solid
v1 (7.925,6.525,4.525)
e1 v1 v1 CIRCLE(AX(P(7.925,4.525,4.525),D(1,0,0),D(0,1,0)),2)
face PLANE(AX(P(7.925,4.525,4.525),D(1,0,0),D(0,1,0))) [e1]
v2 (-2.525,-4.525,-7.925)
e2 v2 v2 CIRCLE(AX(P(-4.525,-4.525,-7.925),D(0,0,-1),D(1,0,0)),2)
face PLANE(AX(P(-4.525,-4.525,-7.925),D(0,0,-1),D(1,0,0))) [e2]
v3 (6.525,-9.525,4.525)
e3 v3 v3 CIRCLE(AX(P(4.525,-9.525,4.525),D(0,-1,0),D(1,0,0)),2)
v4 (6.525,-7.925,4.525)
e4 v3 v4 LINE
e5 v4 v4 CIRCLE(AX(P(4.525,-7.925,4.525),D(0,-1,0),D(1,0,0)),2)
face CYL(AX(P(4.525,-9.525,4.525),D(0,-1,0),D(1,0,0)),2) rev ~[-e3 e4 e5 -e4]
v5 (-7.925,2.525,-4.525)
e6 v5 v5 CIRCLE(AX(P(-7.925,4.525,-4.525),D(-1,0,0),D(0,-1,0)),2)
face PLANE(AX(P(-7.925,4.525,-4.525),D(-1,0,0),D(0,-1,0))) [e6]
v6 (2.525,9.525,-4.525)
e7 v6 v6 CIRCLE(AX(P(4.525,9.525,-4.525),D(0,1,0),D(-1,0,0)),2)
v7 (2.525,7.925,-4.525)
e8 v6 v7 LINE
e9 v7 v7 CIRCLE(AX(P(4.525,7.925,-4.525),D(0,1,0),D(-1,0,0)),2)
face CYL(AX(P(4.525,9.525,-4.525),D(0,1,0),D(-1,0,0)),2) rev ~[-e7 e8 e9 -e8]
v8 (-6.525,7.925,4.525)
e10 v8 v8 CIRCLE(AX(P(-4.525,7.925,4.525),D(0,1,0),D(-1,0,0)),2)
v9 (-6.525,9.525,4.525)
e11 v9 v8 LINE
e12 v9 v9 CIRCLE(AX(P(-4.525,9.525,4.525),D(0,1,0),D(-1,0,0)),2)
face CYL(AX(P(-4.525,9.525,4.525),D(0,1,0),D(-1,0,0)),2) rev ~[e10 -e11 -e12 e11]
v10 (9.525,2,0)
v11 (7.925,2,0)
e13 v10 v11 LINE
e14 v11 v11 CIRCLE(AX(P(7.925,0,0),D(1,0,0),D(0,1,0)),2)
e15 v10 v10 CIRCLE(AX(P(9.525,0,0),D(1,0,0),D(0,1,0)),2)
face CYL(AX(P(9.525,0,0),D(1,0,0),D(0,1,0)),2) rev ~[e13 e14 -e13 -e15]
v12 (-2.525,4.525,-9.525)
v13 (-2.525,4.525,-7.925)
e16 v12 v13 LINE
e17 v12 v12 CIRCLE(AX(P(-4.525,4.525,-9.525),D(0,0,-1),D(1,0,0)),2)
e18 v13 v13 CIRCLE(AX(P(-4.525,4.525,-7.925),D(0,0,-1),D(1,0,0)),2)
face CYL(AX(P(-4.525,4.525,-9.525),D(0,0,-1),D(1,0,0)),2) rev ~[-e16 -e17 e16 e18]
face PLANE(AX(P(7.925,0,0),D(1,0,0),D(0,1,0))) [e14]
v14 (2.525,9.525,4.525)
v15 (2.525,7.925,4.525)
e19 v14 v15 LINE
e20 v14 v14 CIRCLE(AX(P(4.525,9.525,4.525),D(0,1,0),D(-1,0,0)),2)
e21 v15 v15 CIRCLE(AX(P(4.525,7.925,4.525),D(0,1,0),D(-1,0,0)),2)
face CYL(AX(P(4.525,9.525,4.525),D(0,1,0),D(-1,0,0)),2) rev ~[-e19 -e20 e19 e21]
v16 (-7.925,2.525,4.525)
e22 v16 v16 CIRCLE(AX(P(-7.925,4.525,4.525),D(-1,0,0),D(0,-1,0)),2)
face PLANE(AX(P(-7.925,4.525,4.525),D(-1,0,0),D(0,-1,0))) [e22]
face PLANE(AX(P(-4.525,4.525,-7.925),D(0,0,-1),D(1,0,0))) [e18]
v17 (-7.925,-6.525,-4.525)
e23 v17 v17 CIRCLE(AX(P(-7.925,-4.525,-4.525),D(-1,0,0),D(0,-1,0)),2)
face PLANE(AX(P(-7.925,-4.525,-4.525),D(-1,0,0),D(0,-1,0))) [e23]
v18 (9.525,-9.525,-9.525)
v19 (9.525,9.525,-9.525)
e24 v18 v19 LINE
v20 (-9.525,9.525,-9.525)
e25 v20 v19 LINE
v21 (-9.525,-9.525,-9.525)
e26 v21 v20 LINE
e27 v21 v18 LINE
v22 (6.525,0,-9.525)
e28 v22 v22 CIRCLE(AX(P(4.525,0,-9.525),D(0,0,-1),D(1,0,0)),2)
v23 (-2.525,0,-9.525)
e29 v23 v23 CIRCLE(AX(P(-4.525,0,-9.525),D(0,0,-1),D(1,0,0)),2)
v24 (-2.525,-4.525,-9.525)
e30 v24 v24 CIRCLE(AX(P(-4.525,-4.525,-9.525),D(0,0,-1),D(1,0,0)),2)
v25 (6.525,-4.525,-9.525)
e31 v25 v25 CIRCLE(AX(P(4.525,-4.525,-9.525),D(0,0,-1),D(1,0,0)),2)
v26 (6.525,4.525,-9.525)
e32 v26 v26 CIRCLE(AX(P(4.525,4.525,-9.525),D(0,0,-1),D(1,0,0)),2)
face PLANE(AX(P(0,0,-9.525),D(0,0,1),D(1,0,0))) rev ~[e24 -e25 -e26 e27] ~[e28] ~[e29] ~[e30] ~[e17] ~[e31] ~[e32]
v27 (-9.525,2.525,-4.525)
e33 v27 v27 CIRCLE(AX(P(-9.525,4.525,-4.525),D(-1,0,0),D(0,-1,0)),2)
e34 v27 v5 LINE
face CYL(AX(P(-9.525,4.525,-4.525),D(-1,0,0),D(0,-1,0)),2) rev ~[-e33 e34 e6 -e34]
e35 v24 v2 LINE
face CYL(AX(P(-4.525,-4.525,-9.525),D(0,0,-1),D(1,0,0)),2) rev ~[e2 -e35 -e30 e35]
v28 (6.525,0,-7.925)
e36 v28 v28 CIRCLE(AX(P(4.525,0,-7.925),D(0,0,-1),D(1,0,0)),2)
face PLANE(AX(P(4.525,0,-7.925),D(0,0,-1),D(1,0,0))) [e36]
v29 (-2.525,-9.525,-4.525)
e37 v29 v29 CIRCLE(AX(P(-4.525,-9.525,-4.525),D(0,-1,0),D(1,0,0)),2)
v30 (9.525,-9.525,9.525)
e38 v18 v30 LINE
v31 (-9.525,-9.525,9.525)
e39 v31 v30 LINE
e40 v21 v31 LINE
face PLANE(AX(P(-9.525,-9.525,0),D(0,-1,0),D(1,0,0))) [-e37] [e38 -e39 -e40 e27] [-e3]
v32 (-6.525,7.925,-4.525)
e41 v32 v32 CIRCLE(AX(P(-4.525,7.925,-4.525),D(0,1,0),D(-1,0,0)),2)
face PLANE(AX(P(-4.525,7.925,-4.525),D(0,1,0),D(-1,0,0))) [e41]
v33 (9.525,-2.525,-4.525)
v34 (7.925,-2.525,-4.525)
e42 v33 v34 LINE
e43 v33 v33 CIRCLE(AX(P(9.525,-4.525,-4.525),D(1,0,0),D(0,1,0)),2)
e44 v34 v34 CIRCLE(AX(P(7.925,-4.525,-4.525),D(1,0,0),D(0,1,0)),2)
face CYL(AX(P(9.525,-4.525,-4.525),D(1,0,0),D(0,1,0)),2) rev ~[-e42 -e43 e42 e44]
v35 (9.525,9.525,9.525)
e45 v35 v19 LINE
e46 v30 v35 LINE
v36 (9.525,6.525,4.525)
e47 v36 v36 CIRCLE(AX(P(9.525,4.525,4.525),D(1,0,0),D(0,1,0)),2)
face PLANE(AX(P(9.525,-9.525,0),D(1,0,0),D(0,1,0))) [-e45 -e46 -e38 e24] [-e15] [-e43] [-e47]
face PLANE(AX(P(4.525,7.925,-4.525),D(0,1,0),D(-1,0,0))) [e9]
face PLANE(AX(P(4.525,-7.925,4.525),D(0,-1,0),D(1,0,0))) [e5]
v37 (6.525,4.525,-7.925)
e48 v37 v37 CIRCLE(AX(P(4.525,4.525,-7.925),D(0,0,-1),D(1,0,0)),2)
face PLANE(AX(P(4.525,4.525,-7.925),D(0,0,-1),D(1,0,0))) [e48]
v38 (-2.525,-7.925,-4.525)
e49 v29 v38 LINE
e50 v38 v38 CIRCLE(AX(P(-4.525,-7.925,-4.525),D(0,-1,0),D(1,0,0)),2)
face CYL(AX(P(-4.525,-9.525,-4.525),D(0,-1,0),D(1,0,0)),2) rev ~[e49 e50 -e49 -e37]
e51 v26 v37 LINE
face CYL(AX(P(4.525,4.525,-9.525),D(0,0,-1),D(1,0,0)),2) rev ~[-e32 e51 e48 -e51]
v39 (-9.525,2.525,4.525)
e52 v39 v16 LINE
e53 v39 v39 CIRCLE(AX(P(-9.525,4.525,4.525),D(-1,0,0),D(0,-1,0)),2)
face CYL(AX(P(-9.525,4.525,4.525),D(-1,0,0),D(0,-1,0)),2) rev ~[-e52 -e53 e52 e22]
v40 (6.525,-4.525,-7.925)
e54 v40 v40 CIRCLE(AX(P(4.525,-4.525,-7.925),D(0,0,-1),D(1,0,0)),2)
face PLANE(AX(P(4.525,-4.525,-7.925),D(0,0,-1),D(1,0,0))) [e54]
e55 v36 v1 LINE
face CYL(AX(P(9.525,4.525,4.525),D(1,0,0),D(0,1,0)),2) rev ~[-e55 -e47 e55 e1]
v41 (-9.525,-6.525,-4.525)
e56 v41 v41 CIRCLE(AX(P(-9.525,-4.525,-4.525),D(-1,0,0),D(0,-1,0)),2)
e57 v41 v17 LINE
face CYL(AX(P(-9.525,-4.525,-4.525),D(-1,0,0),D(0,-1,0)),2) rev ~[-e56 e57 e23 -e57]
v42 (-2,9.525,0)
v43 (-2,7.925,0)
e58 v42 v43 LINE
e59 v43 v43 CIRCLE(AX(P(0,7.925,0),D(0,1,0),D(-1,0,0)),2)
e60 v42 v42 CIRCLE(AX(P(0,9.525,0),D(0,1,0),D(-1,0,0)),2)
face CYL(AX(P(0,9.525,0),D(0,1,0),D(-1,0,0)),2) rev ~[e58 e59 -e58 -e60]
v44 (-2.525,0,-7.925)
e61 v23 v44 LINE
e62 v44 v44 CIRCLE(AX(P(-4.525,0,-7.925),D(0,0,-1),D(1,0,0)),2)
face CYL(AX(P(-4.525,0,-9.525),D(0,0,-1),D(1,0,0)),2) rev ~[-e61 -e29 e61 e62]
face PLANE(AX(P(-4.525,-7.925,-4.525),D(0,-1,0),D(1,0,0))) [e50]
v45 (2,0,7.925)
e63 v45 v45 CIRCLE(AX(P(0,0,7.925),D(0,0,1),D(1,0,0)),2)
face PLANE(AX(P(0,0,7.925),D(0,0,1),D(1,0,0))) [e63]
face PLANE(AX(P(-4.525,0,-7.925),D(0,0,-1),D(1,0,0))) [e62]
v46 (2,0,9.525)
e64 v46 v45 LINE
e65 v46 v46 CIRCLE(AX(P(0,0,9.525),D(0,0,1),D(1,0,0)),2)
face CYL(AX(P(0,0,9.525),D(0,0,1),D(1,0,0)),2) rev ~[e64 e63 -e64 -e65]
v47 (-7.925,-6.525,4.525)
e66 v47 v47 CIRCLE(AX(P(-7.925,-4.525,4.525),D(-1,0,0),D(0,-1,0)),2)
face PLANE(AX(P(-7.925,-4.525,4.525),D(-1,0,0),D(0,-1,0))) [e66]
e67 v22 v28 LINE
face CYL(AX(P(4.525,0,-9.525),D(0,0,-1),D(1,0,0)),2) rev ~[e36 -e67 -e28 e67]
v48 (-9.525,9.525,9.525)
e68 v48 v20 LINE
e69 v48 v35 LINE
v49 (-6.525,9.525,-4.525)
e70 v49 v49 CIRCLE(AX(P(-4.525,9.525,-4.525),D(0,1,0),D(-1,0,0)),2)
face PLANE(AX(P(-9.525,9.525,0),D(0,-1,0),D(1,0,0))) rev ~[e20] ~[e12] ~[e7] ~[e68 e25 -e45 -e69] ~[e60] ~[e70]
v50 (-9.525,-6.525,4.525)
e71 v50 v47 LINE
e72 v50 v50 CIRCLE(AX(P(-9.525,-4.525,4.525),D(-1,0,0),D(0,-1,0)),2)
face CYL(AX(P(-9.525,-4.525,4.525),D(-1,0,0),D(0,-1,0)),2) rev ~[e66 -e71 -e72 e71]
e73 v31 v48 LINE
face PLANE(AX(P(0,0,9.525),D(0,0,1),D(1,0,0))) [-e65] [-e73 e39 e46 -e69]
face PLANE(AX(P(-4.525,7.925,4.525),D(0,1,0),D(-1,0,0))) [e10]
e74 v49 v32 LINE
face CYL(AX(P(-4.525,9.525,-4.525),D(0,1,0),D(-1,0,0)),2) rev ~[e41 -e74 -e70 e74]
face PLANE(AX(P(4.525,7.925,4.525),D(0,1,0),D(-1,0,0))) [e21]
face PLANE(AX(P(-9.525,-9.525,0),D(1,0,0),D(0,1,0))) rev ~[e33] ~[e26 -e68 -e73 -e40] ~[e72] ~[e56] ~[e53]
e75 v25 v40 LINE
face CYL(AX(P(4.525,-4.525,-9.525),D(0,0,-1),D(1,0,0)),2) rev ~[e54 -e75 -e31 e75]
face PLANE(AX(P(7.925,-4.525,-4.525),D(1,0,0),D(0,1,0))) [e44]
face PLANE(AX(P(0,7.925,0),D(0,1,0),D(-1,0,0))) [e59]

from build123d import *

# Parameters (mm, degrees)
F0_W      = 19.05
F0_H      = 19.05
F1_DEPTH  = 9.525
F2_R      = 2
F3_DEPTH  = 1.6
F4_R      = 2
F5_DEPTH  = 1.6
F6_R      = 2
F7_DEPTH  = 1.6
F8_R      = 2
F9_DEPTH  = 1.6
F10_R     = 2
F11_DEPTH = 1.6
F12_R     = 2
F13_DEPTH = 1.6


with BuildPart() as f1:
    # F0 (on Top) → F1 (new body, symmetric)
    with BuildSketch(Plane.XY):
        Rectangle(F0_W, F0_H)
    extrude(amount=F1_DEPTH, both=True)

    # F2 (on face) → F3 (cut)
    with BuildSketch(Plane.XY.offset(9.525)):
        Circle(F2_R)
    extrude(amount=-F3_DEPTH, mode=Mode.SUBTRACT)

    # F4 (on face) → F5 (cut)
    with BuildSketch(Plane.XZ.offset(9.525)):
        with Locations((-4.525, -4.525)):
            Circle(F4_R)
        with Locations((4.525, 4.525)):
            Circle(F4_R)
    extrude(amount=-F5_DEPTH, mode=Mode.SUBTRACT)

    # F6 (on face) → F7 (cut)
    with BuildSketch(Plane(origin=(0, 0, -9.525), x_dir=(1, 0, 0), z_dir=(0, 0, -1))):
        with Locations((-4.525, -4.525)):
            Circle(F6_R)
        with Locations((-4.525, 4.525)):
            Circle(F6_R)
        with Locations((4.525, -4.525)):
            Circle(F6_R)
        with Locations((4.525, 4.525)):
            Circle(F6_R)
        with Locations((-4.525, 0)):
            Circle(F6_R)
        with Locations((4.525, 0)):
            Circle(F6_R)
    extrude(amount=-F7_DEPTH, mode=Mode.SUBTRACT)

    # F8 (on face) → F9 (cut)
    with BuildSketch(Plane(origin=(0, 9.525, 0), x_dir=(-1, 0, 0), z_dir=(0, 1, 0))):
        with Locations((-4.525, -4.525)):
            Circle(F8_R)
        Circle(F8_R)
        with Locations((-4.525, 4.525)):
            Circle(F8_R)
        with Locations((4.525, -4.525)):
            Circle(F8_R)
        with Locations((4.525, 4.525)):
            Circle(F8_R)
    extrude(amount=-F9_DEPTH, mode=Mode.SUBTRACT)

    # F10 (on face) → F11 (cut)
    with BuildSketch(Plane.YZ.offset(9.525)):
        with Locations((-4.525, -4.525)):
            Circle(F10_R)
        Circle(F10_R)
        with Locations((4.525, 4.525)):
            Circle(F10_R)
    extrude(amount=-F11_DEPTH, mode=Mode.SUBTRACT)

    # F12 (on face) → F13 (cut)
    with BuildSketch(Plane(origin=(-9.525, 0, 0), x_dir=(0, -1, 0), z_dir=(-1, 0, 0))):
        with Locations((-4.525, -4.525)):
            Circle(F12_R)
        with Locations((-4.525, 4.525)):
            Circle(F12_R)
        with Locations((4.525, -4.525)):
            Circle(F12_R)
        with Locations((4.525, 4.525)):
            Circle(F12_R)
    extrude(amount=-F13_DEPTH, mode=Mode.SUBTRACT)


solid = f1.part
